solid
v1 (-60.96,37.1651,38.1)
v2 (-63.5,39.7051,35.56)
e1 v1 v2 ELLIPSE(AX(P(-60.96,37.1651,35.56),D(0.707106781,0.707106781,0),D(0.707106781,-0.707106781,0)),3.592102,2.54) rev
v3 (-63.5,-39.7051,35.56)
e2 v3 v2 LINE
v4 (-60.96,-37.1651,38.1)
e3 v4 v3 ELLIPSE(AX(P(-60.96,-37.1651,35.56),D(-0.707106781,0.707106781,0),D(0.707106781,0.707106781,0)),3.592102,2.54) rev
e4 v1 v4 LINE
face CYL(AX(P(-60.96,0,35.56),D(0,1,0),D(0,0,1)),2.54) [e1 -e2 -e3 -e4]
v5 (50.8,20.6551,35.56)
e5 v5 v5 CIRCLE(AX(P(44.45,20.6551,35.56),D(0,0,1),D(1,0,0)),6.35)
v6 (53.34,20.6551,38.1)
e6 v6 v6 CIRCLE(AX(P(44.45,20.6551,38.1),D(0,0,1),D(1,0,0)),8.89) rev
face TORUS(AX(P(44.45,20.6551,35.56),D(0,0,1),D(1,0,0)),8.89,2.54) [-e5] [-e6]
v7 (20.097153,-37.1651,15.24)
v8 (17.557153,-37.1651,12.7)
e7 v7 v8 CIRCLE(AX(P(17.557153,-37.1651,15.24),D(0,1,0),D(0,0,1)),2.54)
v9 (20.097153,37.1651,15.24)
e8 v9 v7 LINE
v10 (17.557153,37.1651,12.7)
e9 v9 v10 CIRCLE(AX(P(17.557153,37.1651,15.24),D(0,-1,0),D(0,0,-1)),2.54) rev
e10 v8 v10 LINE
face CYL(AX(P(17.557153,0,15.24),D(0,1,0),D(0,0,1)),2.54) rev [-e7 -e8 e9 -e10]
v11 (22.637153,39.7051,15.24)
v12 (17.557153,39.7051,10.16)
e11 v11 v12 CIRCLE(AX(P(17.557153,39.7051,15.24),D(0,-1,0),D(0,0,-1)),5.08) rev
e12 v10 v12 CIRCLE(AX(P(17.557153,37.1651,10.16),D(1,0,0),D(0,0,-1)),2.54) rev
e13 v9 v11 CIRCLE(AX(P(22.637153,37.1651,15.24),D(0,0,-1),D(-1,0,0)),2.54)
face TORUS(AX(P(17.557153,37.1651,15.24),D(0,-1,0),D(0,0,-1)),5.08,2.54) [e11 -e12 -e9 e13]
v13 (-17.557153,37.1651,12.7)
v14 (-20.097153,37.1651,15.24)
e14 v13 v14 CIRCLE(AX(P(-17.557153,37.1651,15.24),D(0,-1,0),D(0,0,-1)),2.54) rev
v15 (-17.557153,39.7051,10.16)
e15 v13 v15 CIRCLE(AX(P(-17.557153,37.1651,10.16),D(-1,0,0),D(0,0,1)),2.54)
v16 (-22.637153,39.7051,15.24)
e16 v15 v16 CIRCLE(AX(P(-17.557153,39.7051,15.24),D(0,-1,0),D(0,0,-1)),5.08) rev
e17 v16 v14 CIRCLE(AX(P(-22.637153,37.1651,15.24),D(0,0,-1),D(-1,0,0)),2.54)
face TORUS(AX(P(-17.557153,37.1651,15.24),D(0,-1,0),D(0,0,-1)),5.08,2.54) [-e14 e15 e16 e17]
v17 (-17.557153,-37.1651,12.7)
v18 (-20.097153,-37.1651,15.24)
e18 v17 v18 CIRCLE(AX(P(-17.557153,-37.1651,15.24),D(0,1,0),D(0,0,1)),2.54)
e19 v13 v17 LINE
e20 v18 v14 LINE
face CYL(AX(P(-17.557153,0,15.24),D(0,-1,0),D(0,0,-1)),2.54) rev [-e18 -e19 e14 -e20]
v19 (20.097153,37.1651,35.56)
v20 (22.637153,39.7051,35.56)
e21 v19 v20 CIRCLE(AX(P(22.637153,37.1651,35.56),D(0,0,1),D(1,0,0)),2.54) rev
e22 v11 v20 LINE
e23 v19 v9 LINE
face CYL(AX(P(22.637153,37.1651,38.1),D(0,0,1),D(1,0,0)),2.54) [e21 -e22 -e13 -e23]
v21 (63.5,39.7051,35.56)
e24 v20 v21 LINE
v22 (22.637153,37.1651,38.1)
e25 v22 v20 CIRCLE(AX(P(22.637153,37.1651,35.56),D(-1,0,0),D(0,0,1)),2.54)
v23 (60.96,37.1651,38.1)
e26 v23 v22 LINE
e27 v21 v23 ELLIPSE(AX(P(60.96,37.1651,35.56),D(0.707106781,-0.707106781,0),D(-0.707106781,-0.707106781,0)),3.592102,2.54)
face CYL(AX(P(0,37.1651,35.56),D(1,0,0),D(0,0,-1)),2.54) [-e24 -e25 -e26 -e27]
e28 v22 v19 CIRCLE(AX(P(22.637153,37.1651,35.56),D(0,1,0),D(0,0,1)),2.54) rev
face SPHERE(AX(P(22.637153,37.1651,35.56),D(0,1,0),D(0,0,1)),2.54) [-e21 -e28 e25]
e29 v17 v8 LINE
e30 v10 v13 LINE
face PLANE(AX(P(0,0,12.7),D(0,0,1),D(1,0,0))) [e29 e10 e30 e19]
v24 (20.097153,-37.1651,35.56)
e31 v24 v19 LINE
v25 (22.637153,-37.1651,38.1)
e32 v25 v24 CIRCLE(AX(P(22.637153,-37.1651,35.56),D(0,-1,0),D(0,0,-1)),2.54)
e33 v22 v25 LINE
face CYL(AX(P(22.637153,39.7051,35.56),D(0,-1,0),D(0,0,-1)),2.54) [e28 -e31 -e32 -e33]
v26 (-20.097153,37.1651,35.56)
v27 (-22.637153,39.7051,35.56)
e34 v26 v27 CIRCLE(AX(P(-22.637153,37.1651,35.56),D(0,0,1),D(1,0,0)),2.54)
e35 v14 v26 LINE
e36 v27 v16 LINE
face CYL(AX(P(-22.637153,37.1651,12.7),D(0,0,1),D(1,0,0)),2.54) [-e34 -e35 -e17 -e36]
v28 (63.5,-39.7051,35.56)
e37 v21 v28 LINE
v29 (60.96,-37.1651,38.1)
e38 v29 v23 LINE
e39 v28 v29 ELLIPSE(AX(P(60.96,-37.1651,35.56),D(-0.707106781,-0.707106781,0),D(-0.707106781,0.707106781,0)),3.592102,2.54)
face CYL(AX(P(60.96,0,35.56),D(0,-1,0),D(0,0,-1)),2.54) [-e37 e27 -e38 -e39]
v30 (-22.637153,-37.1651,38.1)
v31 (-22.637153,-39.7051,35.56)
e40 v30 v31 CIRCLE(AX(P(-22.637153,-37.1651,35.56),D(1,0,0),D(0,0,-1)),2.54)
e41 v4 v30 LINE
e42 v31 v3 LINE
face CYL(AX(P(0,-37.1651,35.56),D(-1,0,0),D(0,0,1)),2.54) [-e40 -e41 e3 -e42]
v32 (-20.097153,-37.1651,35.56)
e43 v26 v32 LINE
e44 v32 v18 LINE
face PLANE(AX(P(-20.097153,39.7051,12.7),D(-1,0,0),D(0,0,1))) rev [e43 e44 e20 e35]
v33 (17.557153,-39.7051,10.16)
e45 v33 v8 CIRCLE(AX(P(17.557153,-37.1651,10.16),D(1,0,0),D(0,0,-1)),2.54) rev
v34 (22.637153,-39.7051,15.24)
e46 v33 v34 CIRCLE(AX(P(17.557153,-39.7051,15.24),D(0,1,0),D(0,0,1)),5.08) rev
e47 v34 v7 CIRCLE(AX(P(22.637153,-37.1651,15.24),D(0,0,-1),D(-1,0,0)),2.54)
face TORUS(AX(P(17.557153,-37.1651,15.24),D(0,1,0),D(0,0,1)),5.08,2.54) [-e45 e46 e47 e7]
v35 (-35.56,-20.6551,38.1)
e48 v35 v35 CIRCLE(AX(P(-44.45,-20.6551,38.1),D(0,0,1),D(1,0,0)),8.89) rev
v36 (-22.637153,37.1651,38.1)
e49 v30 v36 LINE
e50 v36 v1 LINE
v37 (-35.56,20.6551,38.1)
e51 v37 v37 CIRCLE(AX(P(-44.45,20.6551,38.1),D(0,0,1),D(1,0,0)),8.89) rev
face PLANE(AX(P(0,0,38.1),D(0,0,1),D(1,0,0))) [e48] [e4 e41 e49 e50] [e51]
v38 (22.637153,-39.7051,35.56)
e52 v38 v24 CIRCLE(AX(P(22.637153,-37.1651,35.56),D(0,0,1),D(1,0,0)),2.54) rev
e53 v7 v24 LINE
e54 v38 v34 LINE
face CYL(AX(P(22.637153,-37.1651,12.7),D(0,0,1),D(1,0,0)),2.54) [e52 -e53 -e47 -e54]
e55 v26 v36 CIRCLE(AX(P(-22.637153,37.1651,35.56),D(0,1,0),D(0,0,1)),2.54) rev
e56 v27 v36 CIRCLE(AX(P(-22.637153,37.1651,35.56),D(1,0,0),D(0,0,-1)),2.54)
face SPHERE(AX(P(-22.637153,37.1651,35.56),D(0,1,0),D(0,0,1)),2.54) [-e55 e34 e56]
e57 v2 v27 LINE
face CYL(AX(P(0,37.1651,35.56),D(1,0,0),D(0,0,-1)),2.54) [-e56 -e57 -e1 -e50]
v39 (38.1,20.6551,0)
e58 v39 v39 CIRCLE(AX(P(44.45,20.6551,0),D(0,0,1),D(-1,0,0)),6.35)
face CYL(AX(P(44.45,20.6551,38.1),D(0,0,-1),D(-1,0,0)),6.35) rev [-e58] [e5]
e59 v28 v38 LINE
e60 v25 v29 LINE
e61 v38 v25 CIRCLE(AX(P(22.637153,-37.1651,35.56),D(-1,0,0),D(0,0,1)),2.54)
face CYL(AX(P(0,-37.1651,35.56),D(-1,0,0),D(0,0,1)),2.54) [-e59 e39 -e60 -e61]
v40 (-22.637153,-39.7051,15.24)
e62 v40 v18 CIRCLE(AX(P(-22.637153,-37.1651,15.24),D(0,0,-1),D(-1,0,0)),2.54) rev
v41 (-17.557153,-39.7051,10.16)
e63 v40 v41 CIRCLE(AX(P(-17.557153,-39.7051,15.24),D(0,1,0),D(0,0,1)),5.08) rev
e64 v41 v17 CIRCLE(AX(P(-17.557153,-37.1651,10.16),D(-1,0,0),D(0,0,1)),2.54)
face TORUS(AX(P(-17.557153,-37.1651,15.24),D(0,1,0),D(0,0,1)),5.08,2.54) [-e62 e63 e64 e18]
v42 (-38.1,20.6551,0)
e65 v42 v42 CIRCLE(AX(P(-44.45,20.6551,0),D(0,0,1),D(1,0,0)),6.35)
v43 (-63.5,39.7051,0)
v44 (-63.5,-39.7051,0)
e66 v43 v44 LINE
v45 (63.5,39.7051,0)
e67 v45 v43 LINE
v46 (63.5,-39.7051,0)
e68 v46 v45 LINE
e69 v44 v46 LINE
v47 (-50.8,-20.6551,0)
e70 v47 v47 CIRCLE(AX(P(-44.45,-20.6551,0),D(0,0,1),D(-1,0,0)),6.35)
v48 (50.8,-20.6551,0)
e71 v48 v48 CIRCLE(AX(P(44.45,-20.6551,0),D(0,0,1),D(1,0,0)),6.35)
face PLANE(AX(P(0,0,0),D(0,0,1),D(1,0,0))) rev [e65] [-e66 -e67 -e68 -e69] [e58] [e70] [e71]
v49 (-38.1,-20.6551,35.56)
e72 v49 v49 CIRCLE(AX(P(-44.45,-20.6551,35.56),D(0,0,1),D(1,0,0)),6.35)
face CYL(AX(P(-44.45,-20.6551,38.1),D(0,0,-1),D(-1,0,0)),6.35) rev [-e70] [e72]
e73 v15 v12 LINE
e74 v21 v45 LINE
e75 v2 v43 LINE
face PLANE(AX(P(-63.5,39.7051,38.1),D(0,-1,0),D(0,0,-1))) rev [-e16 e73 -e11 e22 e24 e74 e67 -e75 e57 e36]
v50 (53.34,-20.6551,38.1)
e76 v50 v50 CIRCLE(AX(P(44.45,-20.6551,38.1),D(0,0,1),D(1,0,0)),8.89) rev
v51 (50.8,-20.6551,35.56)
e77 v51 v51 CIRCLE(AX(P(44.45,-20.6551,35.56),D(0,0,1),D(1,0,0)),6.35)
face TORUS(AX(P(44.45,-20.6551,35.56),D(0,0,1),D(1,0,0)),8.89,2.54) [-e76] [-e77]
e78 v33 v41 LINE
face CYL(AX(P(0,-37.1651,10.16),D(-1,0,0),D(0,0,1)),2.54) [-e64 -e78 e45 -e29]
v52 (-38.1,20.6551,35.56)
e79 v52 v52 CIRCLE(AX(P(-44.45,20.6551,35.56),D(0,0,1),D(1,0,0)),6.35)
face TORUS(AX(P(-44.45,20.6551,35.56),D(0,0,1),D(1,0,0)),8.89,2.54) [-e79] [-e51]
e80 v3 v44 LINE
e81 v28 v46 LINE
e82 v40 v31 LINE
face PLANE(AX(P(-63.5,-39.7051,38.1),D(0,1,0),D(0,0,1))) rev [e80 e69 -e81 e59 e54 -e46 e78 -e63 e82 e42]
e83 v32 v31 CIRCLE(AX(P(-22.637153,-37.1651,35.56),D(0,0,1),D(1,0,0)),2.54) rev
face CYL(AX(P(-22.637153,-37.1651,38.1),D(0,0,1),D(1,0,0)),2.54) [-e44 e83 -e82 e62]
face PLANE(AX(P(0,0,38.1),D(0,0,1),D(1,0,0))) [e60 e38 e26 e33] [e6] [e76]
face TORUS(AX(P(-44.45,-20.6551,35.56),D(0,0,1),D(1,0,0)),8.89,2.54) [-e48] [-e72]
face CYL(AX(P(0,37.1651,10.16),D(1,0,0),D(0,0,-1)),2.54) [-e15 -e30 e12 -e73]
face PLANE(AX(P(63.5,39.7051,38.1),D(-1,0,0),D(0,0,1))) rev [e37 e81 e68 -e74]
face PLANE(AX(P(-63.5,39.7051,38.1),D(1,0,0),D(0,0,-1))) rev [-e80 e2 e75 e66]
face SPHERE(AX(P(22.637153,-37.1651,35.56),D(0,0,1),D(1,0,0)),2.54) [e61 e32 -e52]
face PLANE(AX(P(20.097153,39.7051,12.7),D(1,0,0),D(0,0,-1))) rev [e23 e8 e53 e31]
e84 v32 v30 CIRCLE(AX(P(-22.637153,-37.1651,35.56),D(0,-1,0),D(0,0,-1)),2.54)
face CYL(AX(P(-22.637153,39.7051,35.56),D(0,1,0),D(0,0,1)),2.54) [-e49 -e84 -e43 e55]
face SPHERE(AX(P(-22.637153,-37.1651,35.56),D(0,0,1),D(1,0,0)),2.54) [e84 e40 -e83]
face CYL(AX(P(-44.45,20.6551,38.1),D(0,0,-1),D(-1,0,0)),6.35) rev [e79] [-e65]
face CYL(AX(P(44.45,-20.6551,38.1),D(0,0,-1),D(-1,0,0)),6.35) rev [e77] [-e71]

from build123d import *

# Parameters (mm, degrees)
SKETCH1_W           = 127
SKETCH1_H           = 79.410199556
SKETCH1_R           = 6.35
BOSS_EXTRUDE1_DEPTH = 38.1
SKETCH3_W           = 40.194306858
SKETCH3_H           = 79.410199556
CUT_EXTRUDE1_DEPTH  = 25.4
FILLET1_R           = 2.54
FILLET2_R           = 2.54


with BuildPart() as part:
    # Sketch1 → Boss-Extrude1 (new body)
    with BuildSketch(Plane.XY):
        Rectangle(SKETCH1_W, SKETCH1_H)
        with Locations((-44.45, 20.655099778)):
            Circle(SKETCH1_R, mode=Mode.SUBTRACT)
        with Locations((44.45, 20.655099778)):
            Circle(SKETCH1_R, mode=Mode.SUBTRACT)
        with Locations((44.45, -20.655099778)):
            Circle(SKETCH1_R, mode=Mode.SUBTRACT)
        with Locations((-44.45, -20.655099778)):
            Circle(SKETCH1_R, mode=Mode.SUBTRACT)
    extrude(amount=BOSS_EXTRUDE1_DEPTH)

    # Sketch3 → Cut-Extrude1 (cut)
    with BuildSketch(Plane.XY.offset(38.1)):
        Rectangle(SKETCH3_W, SKETCH3_H)
    extrude(amount=-CUT_EXTRUDE1_DEPTH, mode=Mode.SUBTRACT)

    # Fillet1
    fillet1_edges = [part.edges().sort_by_distance(p)[0] for p in [
        (-63.5, 0, 38.1),
        (38.1, 20.655099778, 38.1),
        (-41.798576715, -39.705099778, 38.1),
        (38.1, -20.655099778, 38.1),
        (41.798576715, -39.705099778, 38.1),
        (-41.798576715, 39.705099778, 38.1),
        (20.097153429, 0, 12.7),
        (20.097153429, 39.705099778, 25.4),
        (0, -39.705099778, 12.7),
        (20.097153429, -39.705099778, 25.4),
        (-20.097153429, 0, 12.7),
        (-20.097153429, -39.705099778, 25.4),
        (0, 39.705099778, 12.7),
        (-20.097153429, 39.705099778, 25.4),
        (20.097153429, 0, 38.1),
        (-20.097153429, 0, 38.1),
        (63.5, 0, 38.1),
        (41.798576715, 39.705099778, 38.1),
    ]]
    fillet(fillet1_edges, radius=FILLET1_R)

    # Fillet2
    fillet2_edges = [part.edges().sort_by_distance(p)[0] for p in [
        (-50.8, 20.655099778, 38.1),
        (-50.8, -20.655099778, 38.1),
    ]]
    fillet(fillet2_edges, radius=FILLET2_R)


solid = part.part
